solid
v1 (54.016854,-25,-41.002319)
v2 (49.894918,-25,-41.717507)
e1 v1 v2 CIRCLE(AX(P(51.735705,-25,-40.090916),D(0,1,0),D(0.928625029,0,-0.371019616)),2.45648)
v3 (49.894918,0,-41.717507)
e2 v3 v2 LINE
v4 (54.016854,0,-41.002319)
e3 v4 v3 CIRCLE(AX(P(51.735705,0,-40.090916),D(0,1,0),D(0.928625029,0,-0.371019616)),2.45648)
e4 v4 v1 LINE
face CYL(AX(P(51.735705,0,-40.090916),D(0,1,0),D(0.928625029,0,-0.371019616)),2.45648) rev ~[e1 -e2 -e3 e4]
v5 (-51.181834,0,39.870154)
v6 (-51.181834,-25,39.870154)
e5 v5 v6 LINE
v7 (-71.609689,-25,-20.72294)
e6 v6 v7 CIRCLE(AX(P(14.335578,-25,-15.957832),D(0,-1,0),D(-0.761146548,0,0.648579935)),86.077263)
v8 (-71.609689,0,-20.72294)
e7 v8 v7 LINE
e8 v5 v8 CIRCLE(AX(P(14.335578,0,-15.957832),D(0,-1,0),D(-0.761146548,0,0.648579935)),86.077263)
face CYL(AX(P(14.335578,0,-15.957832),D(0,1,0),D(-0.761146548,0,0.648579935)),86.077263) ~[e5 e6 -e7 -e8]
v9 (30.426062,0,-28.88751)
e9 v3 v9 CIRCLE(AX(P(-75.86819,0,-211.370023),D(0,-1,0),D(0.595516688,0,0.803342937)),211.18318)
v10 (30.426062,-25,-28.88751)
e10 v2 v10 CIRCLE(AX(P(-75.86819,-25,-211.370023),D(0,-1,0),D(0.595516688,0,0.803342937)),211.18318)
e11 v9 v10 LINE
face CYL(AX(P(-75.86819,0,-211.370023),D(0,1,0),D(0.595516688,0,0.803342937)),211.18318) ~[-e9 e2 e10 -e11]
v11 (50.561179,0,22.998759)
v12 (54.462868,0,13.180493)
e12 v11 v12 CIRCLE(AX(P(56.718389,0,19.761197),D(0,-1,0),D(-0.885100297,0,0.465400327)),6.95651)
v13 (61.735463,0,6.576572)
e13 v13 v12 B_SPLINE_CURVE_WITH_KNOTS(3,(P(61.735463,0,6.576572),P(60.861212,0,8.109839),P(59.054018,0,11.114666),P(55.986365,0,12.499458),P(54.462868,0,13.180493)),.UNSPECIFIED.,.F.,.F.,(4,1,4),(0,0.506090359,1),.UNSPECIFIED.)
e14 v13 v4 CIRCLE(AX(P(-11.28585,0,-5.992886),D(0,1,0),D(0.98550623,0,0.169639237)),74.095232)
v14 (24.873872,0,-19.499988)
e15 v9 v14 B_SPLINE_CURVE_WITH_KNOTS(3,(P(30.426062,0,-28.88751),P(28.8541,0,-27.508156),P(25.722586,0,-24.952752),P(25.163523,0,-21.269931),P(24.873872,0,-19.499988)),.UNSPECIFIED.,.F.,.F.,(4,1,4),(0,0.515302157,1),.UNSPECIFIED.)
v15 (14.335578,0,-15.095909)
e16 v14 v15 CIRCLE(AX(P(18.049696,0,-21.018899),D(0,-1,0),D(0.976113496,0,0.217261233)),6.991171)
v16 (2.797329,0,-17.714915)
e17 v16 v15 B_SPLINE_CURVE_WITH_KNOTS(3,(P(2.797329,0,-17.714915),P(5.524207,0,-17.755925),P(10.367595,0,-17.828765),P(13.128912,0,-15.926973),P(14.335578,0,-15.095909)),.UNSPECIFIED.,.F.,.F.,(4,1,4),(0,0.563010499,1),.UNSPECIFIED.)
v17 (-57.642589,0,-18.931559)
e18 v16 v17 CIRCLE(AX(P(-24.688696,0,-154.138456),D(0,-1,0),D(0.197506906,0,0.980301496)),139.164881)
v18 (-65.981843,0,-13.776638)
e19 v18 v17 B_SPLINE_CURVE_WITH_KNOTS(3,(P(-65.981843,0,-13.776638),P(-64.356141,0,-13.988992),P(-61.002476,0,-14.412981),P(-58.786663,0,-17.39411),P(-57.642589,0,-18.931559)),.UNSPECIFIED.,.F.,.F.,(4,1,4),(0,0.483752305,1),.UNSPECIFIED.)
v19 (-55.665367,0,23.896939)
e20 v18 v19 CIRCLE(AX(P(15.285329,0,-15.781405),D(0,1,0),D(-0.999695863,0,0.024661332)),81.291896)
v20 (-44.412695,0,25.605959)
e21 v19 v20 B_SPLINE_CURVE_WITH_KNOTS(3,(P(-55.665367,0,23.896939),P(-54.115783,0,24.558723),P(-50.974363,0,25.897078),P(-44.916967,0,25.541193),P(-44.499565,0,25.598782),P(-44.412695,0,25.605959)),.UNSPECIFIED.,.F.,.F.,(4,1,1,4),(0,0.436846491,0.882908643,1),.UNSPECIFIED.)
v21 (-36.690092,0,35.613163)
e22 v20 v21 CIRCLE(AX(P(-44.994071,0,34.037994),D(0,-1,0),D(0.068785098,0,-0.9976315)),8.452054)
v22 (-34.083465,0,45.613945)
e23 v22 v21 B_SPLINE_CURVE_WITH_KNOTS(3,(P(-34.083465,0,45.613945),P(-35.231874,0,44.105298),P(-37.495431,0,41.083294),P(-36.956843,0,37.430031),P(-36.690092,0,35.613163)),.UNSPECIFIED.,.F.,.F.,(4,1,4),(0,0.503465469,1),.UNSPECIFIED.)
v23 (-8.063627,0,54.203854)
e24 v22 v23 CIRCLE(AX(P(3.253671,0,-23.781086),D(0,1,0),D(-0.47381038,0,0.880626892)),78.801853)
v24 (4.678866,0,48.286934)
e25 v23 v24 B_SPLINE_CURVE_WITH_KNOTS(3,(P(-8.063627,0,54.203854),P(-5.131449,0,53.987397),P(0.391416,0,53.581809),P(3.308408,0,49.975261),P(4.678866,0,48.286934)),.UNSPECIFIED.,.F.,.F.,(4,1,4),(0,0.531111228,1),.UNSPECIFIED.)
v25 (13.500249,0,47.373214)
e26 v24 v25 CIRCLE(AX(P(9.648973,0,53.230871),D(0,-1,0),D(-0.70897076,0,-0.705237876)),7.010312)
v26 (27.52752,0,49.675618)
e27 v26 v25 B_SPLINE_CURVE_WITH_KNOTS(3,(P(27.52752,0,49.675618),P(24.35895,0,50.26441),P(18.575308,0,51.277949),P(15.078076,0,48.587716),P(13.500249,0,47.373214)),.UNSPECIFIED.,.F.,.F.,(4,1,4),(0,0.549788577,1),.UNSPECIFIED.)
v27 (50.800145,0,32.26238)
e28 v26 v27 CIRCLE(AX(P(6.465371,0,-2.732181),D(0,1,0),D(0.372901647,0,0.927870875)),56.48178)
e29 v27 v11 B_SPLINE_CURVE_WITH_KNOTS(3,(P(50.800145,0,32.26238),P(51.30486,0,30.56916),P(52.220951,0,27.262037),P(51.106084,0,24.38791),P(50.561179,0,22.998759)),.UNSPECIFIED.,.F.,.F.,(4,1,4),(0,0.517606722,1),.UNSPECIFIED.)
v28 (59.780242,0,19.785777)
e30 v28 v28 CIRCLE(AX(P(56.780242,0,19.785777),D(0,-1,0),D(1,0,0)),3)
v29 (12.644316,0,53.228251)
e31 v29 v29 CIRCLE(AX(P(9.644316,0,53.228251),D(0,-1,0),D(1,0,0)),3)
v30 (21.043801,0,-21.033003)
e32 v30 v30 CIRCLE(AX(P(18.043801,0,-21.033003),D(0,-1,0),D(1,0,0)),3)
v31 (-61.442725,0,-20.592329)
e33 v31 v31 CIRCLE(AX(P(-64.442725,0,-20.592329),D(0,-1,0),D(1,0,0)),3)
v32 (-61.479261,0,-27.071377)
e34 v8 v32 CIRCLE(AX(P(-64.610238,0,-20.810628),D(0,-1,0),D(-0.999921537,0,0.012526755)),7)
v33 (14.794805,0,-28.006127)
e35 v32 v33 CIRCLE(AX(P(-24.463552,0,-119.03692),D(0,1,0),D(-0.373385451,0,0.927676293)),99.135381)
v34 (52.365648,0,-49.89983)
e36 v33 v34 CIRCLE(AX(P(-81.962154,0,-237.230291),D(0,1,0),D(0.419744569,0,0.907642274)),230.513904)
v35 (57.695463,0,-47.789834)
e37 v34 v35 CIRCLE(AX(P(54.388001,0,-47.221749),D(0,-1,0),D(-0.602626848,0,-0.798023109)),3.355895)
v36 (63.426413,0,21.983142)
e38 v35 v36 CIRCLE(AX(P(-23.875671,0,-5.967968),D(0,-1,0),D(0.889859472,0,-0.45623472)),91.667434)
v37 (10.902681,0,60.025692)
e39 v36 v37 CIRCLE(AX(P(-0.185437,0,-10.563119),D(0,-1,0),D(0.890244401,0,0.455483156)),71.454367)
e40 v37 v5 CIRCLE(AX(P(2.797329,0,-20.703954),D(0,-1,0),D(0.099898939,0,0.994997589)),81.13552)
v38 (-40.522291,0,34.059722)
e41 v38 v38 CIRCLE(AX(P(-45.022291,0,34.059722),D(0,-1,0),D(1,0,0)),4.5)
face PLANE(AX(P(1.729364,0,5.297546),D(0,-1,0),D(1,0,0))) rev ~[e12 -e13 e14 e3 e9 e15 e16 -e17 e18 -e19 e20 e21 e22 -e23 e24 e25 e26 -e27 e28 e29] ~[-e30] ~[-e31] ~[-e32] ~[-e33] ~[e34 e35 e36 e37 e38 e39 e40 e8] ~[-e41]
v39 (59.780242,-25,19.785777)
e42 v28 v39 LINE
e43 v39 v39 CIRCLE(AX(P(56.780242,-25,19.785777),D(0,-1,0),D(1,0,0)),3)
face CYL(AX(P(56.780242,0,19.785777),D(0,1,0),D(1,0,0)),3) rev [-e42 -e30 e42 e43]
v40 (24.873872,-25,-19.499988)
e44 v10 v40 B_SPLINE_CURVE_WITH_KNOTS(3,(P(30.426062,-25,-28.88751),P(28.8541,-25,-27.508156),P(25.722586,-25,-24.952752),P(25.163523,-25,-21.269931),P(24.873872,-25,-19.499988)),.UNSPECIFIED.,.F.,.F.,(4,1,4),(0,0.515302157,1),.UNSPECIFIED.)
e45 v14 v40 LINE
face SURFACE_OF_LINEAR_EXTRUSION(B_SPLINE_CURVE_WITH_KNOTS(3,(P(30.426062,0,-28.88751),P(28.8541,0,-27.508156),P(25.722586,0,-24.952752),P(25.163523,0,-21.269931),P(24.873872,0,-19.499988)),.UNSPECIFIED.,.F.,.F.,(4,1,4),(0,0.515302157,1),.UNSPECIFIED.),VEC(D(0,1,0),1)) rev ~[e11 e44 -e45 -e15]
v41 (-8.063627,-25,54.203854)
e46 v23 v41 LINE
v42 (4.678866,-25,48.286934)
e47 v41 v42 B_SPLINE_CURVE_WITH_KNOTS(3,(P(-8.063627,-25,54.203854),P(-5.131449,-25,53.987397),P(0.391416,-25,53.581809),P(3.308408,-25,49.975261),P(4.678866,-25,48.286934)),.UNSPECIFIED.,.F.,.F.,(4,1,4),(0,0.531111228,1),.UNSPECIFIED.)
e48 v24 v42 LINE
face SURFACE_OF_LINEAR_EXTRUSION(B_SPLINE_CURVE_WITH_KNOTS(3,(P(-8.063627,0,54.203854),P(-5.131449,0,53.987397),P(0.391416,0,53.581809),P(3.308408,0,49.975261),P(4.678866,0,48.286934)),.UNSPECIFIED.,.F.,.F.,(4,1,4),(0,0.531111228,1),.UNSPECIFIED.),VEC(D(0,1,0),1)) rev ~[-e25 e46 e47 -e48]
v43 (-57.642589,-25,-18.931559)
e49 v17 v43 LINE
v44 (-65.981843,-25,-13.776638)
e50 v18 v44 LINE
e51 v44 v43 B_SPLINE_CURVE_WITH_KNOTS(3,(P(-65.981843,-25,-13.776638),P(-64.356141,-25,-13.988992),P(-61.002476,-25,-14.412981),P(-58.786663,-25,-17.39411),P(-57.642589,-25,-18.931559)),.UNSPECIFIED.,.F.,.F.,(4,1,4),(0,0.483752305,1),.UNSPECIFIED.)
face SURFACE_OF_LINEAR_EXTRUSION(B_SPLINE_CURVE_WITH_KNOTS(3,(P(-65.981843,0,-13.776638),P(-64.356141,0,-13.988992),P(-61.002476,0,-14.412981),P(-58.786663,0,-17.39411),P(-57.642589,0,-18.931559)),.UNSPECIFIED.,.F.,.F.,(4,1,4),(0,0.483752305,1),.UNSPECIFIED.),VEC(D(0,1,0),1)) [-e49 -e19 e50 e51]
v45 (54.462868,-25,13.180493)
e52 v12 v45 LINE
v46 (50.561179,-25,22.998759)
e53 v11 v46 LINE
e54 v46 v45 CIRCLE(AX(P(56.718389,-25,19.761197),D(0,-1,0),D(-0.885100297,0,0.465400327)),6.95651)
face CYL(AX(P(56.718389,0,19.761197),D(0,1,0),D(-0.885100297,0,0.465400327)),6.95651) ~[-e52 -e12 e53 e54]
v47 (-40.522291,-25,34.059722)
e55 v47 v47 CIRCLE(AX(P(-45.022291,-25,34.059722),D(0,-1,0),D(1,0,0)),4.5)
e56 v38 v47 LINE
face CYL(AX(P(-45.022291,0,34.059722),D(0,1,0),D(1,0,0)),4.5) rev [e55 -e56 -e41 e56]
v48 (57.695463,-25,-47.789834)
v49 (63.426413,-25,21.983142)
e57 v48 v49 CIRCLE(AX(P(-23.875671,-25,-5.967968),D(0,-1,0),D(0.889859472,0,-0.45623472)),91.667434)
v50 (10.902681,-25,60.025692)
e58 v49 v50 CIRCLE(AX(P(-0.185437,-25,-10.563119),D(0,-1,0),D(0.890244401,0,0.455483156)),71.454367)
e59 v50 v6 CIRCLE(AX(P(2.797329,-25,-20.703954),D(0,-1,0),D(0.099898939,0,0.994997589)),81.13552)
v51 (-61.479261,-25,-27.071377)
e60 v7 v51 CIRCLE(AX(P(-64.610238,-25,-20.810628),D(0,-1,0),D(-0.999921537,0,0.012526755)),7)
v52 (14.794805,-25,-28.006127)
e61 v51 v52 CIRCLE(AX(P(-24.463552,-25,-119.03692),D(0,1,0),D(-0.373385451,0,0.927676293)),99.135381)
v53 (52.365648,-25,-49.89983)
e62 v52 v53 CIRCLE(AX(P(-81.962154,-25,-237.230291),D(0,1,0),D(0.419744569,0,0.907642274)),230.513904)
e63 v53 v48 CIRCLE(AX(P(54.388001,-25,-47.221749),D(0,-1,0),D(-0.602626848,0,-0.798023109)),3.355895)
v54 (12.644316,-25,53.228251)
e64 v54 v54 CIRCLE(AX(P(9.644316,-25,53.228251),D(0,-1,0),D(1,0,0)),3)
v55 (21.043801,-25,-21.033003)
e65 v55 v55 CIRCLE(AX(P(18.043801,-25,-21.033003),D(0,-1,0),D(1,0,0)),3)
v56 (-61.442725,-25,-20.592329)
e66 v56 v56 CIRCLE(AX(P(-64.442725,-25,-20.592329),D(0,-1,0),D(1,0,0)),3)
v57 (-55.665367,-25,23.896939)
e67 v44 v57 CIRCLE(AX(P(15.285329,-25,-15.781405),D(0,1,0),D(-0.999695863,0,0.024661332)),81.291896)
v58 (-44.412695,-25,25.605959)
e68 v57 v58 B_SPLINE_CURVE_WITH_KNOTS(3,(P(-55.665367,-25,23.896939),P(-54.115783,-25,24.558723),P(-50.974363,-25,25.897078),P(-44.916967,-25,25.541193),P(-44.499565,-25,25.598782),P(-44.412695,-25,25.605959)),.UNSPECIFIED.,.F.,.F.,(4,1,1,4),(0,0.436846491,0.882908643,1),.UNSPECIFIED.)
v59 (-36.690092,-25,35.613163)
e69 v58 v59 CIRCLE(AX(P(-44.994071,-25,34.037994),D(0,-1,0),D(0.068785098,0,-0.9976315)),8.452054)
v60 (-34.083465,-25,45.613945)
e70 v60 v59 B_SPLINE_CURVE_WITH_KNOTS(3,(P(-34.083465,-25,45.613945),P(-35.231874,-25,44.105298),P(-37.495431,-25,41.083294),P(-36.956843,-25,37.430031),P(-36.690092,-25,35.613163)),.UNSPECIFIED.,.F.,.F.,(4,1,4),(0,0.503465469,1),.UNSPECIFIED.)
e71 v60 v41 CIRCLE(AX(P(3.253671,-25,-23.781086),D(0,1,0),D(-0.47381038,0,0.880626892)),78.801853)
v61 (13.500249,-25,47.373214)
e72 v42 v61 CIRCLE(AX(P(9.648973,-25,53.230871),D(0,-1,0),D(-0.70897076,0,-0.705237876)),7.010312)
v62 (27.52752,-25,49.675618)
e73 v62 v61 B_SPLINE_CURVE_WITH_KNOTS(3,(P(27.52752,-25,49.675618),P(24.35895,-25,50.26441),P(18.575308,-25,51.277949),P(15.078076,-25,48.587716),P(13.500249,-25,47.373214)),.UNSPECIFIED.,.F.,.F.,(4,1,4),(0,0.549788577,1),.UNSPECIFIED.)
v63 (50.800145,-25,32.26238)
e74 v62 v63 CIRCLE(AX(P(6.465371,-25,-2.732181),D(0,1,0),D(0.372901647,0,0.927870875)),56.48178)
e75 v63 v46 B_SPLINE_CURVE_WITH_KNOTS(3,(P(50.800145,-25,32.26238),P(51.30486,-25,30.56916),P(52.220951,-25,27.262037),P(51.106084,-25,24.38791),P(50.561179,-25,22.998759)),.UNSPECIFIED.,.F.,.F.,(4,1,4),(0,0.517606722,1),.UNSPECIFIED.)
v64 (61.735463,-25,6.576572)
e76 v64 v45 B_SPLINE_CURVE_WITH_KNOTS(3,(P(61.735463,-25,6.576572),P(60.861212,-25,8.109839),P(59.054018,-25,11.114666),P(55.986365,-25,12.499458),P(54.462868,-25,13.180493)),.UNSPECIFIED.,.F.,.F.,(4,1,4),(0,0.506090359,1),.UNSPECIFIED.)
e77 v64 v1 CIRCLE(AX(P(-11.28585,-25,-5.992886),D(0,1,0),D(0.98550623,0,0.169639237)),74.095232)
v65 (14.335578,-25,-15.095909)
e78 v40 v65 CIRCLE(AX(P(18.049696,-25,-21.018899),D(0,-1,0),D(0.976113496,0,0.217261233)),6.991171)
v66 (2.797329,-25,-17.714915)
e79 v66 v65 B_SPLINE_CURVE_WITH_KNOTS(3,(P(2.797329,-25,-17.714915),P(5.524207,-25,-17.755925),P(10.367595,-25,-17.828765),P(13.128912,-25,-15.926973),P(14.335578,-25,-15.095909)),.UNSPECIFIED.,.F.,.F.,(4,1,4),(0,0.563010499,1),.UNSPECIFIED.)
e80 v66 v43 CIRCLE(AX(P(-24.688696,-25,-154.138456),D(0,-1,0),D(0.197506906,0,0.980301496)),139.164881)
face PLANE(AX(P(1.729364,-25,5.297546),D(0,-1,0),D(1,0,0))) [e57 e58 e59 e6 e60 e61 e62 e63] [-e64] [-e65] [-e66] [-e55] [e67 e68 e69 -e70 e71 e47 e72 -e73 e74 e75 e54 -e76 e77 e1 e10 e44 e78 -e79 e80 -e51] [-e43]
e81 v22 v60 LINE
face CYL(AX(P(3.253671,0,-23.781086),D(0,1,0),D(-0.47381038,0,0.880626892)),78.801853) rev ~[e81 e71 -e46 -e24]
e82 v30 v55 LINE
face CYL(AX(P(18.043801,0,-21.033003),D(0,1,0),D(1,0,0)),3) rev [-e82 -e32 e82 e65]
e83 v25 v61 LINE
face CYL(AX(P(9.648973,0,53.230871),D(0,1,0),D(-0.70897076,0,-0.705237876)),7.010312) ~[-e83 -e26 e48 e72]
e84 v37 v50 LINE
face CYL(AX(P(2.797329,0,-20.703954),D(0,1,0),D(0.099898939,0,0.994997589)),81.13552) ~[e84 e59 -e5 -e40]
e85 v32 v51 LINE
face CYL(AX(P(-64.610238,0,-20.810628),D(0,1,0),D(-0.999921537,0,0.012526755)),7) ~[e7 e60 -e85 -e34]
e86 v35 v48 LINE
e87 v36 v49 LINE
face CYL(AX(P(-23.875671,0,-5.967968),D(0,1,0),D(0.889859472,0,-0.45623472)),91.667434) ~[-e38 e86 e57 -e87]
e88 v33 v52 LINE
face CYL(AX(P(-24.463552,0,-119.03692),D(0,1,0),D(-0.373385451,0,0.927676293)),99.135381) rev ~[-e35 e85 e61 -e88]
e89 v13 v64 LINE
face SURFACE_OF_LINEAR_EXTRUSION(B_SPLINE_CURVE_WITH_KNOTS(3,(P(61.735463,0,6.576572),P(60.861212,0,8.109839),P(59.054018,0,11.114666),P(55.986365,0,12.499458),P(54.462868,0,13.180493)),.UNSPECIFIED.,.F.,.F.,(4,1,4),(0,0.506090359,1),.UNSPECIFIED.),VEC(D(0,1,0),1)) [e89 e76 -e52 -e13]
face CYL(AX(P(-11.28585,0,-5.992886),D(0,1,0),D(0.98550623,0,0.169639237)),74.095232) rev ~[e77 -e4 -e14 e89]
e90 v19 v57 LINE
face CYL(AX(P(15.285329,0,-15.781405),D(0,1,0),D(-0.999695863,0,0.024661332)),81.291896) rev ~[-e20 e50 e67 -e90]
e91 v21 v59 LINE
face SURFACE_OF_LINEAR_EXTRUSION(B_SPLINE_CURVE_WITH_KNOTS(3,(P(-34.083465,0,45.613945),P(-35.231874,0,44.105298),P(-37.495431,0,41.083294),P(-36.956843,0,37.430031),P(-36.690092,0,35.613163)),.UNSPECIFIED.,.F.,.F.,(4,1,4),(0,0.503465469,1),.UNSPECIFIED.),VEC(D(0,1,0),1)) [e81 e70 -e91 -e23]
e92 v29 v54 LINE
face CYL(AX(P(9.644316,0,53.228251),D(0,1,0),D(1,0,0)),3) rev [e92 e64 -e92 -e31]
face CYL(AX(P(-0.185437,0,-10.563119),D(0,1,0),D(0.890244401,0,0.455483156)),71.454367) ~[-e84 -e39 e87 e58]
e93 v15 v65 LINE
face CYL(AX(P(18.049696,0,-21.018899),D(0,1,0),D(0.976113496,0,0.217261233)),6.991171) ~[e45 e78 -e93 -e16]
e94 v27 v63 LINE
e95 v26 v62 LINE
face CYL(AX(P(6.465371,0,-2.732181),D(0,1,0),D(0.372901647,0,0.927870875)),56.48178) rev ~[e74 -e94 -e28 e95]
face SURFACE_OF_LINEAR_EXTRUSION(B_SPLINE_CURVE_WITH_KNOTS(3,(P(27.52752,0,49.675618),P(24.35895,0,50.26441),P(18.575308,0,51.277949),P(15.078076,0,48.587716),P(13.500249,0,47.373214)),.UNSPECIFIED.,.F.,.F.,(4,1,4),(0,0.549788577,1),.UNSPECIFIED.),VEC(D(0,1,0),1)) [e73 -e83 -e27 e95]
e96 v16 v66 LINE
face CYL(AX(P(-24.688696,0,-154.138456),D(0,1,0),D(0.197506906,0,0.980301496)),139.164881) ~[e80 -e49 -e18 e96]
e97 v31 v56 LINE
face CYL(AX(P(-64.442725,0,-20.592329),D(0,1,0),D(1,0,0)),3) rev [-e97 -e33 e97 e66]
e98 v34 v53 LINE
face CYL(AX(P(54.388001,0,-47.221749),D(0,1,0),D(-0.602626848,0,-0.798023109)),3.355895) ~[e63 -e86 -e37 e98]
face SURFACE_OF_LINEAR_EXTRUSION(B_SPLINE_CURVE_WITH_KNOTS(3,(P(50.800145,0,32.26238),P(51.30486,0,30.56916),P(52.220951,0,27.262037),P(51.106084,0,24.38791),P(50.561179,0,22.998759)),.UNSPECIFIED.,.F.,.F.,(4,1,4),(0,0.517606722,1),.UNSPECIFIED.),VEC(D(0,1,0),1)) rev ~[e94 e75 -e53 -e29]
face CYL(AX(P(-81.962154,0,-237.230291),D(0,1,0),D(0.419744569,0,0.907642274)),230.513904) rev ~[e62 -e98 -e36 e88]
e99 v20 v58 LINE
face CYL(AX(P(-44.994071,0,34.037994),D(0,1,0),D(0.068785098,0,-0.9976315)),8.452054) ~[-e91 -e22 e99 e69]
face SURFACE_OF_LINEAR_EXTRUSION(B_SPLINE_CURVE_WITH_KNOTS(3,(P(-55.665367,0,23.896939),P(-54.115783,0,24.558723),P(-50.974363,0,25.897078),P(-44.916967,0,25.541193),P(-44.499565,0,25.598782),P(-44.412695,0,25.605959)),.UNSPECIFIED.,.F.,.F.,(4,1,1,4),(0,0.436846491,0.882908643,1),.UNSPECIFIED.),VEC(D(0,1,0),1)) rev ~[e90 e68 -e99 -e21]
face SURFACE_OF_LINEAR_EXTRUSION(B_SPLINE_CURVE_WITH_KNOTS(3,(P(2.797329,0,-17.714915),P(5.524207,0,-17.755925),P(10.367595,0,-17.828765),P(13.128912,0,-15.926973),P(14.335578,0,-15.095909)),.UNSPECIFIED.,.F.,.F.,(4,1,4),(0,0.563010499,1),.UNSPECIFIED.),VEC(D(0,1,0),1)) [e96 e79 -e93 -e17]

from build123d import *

# Parameters (mm, degrees)
F0_R     = 3
F0_R_2   = 4.5
F1_DEPTH = 25


with BuildPart() as f1:
    # F0 (on Front) → F1 (new body)
    with BuildSketch(Plane.XZ):
        with BuildLine():
            ThreePointArc((10.9026810919, 60.0256923786), (-22.2558754476, 56.4666978044), (-51.1818335692, 39.870154161))
            ThreePointArc((-51.1818335692, 39.870154161), (-67.2310606154, 11.5408714989), (-71.6096891644, -20.7229403799))
            ThreePointArc((-71.6096891644, -20.7229403799), (-68.3273517642, -26.7421593589), (-61.4792606521, -27.0713766838))
            ThreePointArc((-61.4792606521, -27.0713766838), (-23.2487235956, -19.9089821225), (14.7948054645, -28.00612706))
            ThreePointArc((14.7948054645, -28.00612706), (34.09763812, -38.0650715452), (52.3656483576, -49.8998302939))
            ThreePointArc((52.3656483576, -49.8998302939), (55.6232730928, -50.3420263302), (57.6954634801, -47.7898344783))
            ThreePointArc((57.6954634801, -47.7898344783), (67.4841016349, -13.4719946795), (63.4264131289, 21.9831421749))
            ThreePointArc((63.4264131289, 21.9831421749), (41.7291215347, 47.3065311635), (10.9026810919, 60.0256923786))
        make_face()
        with Locations((-64.4427245231, -20.592329134)):
            Circle(F0_R, mode=Mode.SUBTRACT)
        with Locations((18.0438014374, -21.0330026143)):
            Circle(F0_R, mode=Mode.SUBTRACT)
        with Locations((-45.0222906279, 34.0597224955)):
            Circle(F0_R_2, mode=Mode.SUBTRACT)
        with BuildLine():
            add(Edge.make_bspline(
                [(-65.9818429495, -13.7766383887), (-64.3561406503, -13.9889919324), (-61.002475647, -14.4129805983), (-58.786662695, -17.3941098492), (-57.6425891256, -18.9315586575)],
                knots=[0, 0, 0, 0, 0.4837523045, 1, 1, 1, 1], degree=3))
            ThreePointArc((-65.9818429495, -13.7766383887), (-63.1199927656, 5.6889897511), (-55.6653674819, 23.8969393125))
            add(Edge.make_bspline(
                [(-55.6653674819, 23.8969393125), (-54.1157834703, 24.558722907), (-50.9743628562, 25.897077509), (-44.9169668051, 25.5411930836), (-44.499564984, 25.5987820264), (-44.4126954758, 25.6059592173)],
                knots=[0, 0, 0, 0, 0.4368464907, 0.8829086428, 1, 1, 1, 1], degree=3))
            ThreePointArc((-44.4126954758, 25.6059592173), (-38.3027773263, 28.8742935487), (-36.6900921562, 35.6131625664))
            add(Edge.make_bspline(
                [(-34.08346527, 45.6139450583), (-35.2318735073, 44.1052978146), (-37.495431158, 41.0832942182), (-36.9568434928, 37.4300314786), (-36.6900921562, 35.6131625664)],
                knots=[0, 0, 0, 0, 0.5034654691, 1, 1, 1, 1], degree=3))
            ThreePointArc((-34.08346527, 45.6139450583), (-21.4497726915, 51.0485334301), (-8.0636271487, 54.2038537692))
            add(Edge.make_bspline(
                [(-8.0636271487, 54.2038537692), (-5.1314488098, 53.9873966847), (0.3914162184, 53.5818086349), (3.3084081042, 49.9752607352), (4.6788664975, 48.2869338255)],
                knots=[0, 0, 0, 0, 0.5311112281, 1, 1, 1, 1], degree=3))
            ThreePointArc((4.6788664975, 48.2869338255), (8.9267083452, 46.2578656633), (13.5002491076, 47.3732144268))
            add(Edge.make_bspline(
                [(27.5275195375, 49.6756181297), (24.3589504651, 50.2644097694), (18.5753078163, 51.2779486411), (15.0780756623, 48.5877160028), (13.5002491076, 47.3732144268)],
                knots=[0, 0, 0, 0, 0.5497885765, 1, 1, 1, 1], degree=3))
            ThreePointArc((27.5275195375, 49.6756181297), (40.3031395338, 42.4916724249), (50.800144894, 32.2623801401))
            add(Edge.make_bspline(
                [(50.800144894, 32.2623801401), (51.3048604695, 30.5691603197), (52.2209505288, 27.262036777), (51.106083954, 24.3879103118), (50.5611791748, 22.9987592368)],
                knots=[0, 0, 0, 0, 0.5176067222, 1, 1, 1, 1], degree=3))
            ThreePointArc((50.5611791748, 22.9987592368), (50.2536306678, 17.192161847), (54.4628675293, 13.1804933194))
            add(Edge.make_bspline(
                [(61.7354629672, 6.576572241), (60.8612124825, 8.1098386582), (59.0540175823, 11.1146660647), (55.9863654121, 12.4994575374), (54.4628675293, 13.1804933194)],
                knots=[0, 0, 0, 0, 0.5060903587, 1, 1, 1, 1], degree=3))
            ThreePointArc((61.7354629672, 6.576572241), (61.8532031721, -17.8580596689), (54.0168535043, -41.0023186376))
            ThreePointArc((54.0168535043, -41.0023186376), (52.1556490377, -42.5112346478), (49.8949177563, -41.7175069451))
            ThreePointArc((49.8949177563, -41.7175069451), (40.3376909972, -35.0336152353), (30.4260621775, -28.8875103016))
            add(Edge.make_bspline(
                [(30.4260621775, -28.8875103016), (28.8541001513, -27.5081560411), (25.7225858464, -24.9527524994), (25.163523259, -21.2699310006), (24.8738721868, -19.4999880815)],
                knots=[0, 0, 0, 0, 0.5153021573, 1, 1, 1, 1], degree=3))
            ThreePointArc((24.8738721868, -19.4999880815), (20.7454507325, -14.5683653438), (14.3355783244, -15.0959089361))
            add(Edge.make_bspline(
                [(2.7973287746, -17.7149148802), (5.5242069664, -17.7559248974), (10.3675947849, -17.828765488), (13.1289117857, -15.9269725037), (14.3355783244, -15.0959089361)],
                knots=[0, 0, 0, 0, 0.5630104988, 1, 1, 1, 1], degree=3))
            ThreePointArc((2.7973287746, -17.7149148802), (-27.4894908213, -15.0017617251), (-57.6425891256, -18.9315586575))
        make_face(mode=Mode.SUBTRACT)
        with Locations((56.7802422866, 19.7857771311)):
            Circle(F0_R, mode=Mode.SUBTRACT)
        with Locations((9.6443155061, 53.228250787)):
            Circle(F0_R, mode=Mode.SUBTRACT)
    extrude(amount=F1_DEPTH)


solid = f1.part
